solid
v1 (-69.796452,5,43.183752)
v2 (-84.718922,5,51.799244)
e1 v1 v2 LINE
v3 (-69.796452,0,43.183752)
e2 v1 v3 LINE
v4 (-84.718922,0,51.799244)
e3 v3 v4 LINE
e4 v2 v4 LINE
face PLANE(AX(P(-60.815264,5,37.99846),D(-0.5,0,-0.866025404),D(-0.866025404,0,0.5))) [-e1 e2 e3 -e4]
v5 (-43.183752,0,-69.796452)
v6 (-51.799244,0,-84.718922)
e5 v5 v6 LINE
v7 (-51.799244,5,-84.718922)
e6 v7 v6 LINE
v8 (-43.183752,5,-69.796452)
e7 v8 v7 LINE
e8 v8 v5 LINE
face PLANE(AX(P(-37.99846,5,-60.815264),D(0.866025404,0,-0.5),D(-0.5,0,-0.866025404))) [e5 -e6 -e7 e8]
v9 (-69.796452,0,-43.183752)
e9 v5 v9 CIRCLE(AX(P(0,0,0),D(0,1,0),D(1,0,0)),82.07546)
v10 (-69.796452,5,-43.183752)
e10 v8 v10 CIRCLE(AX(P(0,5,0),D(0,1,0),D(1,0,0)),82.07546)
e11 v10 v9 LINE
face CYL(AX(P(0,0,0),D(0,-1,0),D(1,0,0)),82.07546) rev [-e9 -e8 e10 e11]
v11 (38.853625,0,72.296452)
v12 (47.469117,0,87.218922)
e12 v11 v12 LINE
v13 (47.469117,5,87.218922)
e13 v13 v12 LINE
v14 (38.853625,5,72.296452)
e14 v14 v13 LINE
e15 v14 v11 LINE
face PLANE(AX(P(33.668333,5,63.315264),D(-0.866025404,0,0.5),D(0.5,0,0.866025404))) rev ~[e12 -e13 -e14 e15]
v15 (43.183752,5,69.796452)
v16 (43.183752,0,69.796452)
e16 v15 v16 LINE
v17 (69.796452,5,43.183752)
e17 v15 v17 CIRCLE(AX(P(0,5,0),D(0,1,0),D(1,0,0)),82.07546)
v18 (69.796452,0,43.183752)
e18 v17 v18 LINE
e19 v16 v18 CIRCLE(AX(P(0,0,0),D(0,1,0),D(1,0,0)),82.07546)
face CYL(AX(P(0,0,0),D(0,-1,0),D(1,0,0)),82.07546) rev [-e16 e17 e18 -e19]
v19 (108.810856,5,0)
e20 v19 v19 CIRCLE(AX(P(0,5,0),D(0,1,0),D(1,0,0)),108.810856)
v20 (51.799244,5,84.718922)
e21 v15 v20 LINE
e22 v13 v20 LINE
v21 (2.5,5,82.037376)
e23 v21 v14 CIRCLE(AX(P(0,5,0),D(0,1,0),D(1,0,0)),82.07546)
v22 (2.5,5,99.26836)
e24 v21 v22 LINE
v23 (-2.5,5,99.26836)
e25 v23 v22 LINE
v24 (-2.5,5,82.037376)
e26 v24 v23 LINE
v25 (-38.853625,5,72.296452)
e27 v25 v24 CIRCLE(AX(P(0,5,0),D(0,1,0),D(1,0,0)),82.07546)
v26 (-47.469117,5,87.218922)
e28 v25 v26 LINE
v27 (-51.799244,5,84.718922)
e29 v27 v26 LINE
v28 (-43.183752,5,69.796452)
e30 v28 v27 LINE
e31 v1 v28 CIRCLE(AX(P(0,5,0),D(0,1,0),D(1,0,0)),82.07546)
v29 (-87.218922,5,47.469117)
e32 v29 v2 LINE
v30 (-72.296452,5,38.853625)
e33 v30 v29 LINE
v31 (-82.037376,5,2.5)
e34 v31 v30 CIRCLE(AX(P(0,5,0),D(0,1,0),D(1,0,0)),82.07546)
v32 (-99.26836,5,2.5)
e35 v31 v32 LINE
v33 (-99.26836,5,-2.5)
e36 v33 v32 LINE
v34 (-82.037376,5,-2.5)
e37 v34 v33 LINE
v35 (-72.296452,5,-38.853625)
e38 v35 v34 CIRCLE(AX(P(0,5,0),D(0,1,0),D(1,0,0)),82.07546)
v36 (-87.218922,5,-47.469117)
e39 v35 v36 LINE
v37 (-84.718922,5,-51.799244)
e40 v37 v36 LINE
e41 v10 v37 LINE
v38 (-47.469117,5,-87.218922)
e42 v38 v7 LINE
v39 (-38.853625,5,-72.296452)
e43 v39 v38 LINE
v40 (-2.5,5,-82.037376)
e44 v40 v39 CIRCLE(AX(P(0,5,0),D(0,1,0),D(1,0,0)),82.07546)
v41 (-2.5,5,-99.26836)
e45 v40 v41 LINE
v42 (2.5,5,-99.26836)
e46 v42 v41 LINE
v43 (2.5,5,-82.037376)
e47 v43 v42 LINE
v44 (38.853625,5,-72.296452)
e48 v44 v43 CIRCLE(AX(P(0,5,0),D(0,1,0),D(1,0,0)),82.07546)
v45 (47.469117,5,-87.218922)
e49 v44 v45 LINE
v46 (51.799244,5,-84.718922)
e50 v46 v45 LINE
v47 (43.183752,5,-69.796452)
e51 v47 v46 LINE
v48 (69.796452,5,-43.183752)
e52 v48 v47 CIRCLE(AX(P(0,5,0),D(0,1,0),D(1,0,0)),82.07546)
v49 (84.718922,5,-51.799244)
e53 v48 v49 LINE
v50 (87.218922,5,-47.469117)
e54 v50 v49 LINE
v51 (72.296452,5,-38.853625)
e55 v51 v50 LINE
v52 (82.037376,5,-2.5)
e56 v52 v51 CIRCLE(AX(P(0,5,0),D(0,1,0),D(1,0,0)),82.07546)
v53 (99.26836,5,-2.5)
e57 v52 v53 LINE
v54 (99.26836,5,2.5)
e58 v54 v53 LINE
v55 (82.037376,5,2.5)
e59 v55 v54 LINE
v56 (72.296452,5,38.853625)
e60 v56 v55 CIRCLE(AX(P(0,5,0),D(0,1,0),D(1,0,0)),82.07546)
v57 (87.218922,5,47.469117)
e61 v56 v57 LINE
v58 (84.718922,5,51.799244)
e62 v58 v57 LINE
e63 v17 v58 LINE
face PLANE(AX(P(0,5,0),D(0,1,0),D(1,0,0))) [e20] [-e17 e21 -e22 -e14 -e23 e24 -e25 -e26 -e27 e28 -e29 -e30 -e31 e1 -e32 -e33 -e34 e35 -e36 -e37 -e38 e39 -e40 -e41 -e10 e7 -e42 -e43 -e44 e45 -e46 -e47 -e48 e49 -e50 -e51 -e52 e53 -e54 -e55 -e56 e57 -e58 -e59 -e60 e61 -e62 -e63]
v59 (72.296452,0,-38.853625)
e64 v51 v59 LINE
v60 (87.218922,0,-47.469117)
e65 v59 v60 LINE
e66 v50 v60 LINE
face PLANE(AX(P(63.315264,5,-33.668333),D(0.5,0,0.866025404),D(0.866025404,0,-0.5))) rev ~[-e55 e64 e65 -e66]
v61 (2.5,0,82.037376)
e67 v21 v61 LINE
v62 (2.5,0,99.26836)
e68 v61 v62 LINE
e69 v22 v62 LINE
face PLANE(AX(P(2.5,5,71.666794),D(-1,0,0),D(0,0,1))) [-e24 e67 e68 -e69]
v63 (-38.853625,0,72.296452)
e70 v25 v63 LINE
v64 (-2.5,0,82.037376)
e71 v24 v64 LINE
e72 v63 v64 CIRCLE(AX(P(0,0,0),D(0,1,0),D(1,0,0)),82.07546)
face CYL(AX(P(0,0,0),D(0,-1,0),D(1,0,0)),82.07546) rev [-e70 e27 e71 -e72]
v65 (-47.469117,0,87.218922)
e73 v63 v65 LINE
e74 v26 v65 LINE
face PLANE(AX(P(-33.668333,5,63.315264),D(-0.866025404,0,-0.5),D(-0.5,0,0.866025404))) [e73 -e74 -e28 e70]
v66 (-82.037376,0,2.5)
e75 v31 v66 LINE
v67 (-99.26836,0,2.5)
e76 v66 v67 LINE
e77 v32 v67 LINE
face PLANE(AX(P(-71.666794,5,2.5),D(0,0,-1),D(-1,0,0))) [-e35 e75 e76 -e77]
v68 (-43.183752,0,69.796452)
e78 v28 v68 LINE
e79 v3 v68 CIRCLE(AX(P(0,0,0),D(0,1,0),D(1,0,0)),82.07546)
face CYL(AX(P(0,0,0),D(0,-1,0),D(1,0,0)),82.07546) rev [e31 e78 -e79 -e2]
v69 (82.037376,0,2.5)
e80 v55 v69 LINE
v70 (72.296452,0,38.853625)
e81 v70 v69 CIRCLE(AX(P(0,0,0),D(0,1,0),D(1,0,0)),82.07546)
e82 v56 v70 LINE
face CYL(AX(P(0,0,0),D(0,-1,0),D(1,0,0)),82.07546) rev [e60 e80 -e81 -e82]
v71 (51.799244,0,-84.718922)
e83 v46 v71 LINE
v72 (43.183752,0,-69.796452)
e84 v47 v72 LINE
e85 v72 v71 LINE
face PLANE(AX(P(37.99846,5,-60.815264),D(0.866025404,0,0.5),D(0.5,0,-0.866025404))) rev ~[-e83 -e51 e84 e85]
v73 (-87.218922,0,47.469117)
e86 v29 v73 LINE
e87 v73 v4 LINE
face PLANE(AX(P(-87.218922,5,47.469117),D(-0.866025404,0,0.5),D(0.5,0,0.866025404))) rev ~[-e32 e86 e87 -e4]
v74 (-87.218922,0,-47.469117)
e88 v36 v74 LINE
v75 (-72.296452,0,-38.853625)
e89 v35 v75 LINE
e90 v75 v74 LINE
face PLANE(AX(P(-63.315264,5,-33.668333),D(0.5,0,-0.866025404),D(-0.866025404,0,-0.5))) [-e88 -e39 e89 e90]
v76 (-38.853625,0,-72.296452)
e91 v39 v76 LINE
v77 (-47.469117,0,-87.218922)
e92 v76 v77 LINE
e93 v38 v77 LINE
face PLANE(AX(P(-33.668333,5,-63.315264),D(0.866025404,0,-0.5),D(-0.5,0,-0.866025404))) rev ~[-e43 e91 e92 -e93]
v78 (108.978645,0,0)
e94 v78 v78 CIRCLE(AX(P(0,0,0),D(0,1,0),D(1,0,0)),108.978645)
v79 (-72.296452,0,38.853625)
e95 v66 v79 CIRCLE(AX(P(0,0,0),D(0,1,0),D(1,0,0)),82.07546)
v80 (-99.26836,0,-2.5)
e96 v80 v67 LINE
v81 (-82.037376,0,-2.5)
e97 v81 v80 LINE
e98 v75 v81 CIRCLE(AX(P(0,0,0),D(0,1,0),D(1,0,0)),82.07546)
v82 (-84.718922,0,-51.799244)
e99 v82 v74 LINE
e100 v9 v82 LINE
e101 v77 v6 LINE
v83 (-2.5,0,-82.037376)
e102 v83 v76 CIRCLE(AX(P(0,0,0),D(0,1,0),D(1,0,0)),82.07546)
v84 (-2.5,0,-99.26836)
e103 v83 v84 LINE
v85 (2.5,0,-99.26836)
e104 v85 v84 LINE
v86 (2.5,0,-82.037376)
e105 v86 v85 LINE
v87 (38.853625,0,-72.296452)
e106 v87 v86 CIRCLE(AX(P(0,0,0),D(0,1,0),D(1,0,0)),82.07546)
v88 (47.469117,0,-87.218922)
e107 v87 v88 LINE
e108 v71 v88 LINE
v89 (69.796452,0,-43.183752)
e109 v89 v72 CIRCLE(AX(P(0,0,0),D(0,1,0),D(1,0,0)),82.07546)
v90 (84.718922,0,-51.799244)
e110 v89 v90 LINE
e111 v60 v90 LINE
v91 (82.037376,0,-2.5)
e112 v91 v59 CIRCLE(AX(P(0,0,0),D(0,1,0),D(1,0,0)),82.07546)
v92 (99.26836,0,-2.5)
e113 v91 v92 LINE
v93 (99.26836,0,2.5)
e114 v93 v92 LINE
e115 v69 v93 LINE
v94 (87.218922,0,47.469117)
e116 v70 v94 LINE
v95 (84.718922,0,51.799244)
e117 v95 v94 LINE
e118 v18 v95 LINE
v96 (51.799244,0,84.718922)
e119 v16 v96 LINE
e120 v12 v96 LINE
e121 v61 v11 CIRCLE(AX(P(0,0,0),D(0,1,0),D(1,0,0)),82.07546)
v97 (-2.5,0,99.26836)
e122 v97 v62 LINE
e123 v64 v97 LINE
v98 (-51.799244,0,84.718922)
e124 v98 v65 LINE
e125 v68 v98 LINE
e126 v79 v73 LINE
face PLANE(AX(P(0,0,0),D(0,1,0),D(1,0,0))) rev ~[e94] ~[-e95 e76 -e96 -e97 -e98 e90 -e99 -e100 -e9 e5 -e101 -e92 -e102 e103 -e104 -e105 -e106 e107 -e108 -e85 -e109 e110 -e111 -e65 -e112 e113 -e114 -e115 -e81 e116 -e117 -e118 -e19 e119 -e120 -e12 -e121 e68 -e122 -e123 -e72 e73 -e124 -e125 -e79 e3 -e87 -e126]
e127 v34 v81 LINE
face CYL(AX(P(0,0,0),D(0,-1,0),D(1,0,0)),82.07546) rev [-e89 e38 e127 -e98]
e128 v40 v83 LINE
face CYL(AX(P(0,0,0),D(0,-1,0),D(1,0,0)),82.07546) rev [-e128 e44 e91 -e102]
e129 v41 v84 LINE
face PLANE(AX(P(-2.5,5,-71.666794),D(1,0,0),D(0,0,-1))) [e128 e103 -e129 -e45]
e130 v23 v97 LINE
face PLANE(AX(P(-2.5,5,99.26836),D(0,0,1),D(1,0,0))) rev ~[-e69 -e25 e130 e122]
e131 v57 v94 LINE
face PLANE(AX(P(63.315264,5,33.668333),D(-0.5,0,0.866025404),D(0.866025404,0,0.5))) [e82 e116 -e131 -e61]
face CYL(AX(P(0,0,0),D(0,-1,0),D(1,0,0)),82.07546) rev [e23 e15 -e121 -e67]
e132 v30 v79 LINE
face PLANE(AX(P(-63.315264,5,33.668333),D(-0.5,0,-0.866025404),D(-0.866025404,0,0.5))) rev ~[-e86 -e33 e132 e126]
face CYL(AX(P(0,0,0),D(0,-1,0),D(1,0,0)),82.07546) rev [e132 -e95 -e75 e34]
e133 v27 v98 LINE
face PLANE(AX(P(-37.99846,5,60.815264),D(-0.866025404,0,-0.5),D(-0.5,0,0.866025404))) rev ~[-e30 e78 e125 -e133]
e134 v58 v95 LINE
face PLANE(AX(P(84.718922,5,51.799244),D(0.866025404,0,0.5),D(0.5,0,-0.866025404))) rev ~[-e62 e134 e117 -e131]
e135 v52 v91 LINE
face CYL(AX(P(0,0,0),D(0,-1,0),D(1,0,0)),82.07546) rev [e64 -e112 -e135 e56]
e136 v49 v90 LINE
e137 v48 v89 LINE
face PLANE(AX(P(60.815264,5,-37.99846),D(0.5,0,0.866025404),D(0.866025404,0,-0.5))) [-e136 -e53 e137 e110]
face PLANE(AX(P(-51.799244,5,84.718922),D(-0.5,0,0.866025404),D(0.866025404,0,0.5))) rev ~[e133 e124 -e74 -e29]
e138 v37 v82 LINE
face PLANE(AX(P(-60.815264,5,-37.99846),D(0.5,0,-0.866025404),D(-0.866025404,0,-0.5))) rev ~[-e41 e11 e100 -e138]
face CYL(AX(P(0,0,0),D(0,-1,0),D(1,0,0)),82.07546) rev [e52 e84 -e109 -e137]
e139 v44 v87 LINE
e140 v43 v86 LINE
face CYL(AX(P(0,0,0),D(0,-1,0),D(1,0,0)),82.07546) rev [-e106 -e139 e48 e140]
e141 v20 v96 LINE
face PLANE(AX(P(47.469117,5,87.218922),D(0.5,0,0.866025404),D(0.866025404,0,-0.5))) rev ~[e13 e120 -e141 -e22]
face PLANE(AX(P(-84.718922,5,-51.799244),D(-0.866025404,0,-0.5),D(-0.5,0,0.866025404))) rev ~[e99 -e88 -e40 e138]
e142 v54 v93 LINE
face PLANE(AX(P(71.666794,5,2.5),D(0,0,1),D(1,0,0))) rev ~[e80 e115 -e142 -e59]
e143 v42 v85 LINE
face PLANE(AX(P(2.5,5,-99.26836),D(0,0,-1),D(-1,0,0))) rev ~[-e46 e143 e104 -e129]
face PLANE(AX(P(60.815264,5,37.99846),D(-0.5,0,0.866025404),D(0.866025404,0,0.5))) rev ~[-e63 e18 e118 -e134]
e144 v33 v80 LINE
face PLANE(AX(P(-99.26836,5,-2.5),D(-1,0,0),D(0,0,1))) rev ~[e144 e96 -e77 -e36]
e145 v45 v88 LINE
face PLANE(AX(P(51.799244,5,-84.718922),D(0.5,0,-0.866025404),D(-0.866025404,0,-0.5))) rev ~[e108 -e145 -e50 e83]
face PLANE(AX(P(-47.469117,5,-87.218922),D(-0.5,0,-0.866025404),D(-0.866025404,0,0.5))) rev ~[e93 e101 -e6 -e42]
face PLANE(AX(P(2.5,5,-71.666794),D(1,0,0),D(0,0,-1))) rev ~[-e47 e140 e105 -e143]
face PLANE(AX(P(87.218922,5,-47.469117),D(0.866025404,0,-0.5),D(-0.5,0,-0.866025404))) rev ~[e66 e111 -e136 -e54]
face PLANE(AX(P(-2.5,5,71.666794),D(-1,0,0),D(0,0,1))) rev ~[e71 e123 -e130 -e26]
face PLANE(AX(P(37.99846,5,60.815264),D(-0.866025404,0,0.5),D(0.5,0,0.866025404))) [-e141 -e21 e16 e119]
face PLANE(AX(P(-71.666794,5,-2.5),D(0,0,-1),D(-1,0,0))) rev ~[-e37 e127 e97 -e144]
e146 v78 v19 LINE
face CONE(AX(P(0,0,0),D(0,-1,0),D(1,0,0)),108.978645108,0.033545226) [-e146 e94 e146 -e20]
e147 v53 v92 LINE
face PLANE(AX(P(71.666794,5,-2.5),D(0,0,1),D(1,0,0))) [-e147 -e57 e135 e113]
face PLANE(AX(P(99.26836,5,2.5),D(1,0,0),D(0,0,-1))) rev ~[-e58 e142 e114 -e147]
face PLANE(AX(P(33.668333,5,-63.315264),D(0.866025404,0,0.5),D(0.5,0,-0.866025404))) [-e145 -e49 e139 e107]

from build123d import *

# Parameters (mm, degrees)
SKETCH1_R           = 108.978645108
SKETCH1_R_2         = 82.075459911
BOSS_EXTRUDE1_DEPTH = 5
SKETCH3_W           = 27.601566605
SKETCH3_H           = 5
CUT_EXTRUDE1_DEPTH  = 5
CIRPATTERN1_COUNT   = 12


with BuildPart() as part:
    # Sketch1 → Boss-Extrude1 (new body)
    with BuildSketch(Plane(origin=(0, 0, 0), x_dir=(1, 0, 0), z_dir=(0, 1, 0))):
        Circle(SKETCH1_R)
        Circle(SKETCH1_R_2, mode=Mode.SUBTRACT)
    extrude(amount=BOSS_EXTRUDE1_DEPTH)

    # Sketch2 → Cut-Revolve1 (revolve, cut)
    with BuildSketch(Plane.XY):
        Polygon((108.978645108, 0), (108.468178891, 15.211545536), (125.564128825, 15.211545536), (125.564128825, 0), align=None)
    revolve(axis=Axis((0, 0, 0), (0, 1, 0)), mode=Mode.SUBTRACT)

    # Sketch3 → Cut-Extrude1 (cut)
    with BuildSketch(Plane(origin=(0, 5, 0), x_dir=(1, 0, 0), z_dir=(0, 1, 0))):
        with Locations((85.467576893, 0)):
            Rectangle(SKETCH3_W, SKETCH3_H)
    cut_extrude1 = extrude(amount=-CUT_EXTRUDE1_DEPTH, mode=Mode.SUBTRACT)

    # CirPattern1: Cut-Extrude1 ×12 about axis
    cirpattern1_axis = Axis((0, 0, 0), (0, 1, 0))
    for i in range(1, CIRPATTERN1_COUNT):
        add(cut_extrude1.rotate(cirpattern1_axis, i * 360 / CIRPATTERN1_COUNT), mode=Mode.SUBTRACT)


solid = part.part
